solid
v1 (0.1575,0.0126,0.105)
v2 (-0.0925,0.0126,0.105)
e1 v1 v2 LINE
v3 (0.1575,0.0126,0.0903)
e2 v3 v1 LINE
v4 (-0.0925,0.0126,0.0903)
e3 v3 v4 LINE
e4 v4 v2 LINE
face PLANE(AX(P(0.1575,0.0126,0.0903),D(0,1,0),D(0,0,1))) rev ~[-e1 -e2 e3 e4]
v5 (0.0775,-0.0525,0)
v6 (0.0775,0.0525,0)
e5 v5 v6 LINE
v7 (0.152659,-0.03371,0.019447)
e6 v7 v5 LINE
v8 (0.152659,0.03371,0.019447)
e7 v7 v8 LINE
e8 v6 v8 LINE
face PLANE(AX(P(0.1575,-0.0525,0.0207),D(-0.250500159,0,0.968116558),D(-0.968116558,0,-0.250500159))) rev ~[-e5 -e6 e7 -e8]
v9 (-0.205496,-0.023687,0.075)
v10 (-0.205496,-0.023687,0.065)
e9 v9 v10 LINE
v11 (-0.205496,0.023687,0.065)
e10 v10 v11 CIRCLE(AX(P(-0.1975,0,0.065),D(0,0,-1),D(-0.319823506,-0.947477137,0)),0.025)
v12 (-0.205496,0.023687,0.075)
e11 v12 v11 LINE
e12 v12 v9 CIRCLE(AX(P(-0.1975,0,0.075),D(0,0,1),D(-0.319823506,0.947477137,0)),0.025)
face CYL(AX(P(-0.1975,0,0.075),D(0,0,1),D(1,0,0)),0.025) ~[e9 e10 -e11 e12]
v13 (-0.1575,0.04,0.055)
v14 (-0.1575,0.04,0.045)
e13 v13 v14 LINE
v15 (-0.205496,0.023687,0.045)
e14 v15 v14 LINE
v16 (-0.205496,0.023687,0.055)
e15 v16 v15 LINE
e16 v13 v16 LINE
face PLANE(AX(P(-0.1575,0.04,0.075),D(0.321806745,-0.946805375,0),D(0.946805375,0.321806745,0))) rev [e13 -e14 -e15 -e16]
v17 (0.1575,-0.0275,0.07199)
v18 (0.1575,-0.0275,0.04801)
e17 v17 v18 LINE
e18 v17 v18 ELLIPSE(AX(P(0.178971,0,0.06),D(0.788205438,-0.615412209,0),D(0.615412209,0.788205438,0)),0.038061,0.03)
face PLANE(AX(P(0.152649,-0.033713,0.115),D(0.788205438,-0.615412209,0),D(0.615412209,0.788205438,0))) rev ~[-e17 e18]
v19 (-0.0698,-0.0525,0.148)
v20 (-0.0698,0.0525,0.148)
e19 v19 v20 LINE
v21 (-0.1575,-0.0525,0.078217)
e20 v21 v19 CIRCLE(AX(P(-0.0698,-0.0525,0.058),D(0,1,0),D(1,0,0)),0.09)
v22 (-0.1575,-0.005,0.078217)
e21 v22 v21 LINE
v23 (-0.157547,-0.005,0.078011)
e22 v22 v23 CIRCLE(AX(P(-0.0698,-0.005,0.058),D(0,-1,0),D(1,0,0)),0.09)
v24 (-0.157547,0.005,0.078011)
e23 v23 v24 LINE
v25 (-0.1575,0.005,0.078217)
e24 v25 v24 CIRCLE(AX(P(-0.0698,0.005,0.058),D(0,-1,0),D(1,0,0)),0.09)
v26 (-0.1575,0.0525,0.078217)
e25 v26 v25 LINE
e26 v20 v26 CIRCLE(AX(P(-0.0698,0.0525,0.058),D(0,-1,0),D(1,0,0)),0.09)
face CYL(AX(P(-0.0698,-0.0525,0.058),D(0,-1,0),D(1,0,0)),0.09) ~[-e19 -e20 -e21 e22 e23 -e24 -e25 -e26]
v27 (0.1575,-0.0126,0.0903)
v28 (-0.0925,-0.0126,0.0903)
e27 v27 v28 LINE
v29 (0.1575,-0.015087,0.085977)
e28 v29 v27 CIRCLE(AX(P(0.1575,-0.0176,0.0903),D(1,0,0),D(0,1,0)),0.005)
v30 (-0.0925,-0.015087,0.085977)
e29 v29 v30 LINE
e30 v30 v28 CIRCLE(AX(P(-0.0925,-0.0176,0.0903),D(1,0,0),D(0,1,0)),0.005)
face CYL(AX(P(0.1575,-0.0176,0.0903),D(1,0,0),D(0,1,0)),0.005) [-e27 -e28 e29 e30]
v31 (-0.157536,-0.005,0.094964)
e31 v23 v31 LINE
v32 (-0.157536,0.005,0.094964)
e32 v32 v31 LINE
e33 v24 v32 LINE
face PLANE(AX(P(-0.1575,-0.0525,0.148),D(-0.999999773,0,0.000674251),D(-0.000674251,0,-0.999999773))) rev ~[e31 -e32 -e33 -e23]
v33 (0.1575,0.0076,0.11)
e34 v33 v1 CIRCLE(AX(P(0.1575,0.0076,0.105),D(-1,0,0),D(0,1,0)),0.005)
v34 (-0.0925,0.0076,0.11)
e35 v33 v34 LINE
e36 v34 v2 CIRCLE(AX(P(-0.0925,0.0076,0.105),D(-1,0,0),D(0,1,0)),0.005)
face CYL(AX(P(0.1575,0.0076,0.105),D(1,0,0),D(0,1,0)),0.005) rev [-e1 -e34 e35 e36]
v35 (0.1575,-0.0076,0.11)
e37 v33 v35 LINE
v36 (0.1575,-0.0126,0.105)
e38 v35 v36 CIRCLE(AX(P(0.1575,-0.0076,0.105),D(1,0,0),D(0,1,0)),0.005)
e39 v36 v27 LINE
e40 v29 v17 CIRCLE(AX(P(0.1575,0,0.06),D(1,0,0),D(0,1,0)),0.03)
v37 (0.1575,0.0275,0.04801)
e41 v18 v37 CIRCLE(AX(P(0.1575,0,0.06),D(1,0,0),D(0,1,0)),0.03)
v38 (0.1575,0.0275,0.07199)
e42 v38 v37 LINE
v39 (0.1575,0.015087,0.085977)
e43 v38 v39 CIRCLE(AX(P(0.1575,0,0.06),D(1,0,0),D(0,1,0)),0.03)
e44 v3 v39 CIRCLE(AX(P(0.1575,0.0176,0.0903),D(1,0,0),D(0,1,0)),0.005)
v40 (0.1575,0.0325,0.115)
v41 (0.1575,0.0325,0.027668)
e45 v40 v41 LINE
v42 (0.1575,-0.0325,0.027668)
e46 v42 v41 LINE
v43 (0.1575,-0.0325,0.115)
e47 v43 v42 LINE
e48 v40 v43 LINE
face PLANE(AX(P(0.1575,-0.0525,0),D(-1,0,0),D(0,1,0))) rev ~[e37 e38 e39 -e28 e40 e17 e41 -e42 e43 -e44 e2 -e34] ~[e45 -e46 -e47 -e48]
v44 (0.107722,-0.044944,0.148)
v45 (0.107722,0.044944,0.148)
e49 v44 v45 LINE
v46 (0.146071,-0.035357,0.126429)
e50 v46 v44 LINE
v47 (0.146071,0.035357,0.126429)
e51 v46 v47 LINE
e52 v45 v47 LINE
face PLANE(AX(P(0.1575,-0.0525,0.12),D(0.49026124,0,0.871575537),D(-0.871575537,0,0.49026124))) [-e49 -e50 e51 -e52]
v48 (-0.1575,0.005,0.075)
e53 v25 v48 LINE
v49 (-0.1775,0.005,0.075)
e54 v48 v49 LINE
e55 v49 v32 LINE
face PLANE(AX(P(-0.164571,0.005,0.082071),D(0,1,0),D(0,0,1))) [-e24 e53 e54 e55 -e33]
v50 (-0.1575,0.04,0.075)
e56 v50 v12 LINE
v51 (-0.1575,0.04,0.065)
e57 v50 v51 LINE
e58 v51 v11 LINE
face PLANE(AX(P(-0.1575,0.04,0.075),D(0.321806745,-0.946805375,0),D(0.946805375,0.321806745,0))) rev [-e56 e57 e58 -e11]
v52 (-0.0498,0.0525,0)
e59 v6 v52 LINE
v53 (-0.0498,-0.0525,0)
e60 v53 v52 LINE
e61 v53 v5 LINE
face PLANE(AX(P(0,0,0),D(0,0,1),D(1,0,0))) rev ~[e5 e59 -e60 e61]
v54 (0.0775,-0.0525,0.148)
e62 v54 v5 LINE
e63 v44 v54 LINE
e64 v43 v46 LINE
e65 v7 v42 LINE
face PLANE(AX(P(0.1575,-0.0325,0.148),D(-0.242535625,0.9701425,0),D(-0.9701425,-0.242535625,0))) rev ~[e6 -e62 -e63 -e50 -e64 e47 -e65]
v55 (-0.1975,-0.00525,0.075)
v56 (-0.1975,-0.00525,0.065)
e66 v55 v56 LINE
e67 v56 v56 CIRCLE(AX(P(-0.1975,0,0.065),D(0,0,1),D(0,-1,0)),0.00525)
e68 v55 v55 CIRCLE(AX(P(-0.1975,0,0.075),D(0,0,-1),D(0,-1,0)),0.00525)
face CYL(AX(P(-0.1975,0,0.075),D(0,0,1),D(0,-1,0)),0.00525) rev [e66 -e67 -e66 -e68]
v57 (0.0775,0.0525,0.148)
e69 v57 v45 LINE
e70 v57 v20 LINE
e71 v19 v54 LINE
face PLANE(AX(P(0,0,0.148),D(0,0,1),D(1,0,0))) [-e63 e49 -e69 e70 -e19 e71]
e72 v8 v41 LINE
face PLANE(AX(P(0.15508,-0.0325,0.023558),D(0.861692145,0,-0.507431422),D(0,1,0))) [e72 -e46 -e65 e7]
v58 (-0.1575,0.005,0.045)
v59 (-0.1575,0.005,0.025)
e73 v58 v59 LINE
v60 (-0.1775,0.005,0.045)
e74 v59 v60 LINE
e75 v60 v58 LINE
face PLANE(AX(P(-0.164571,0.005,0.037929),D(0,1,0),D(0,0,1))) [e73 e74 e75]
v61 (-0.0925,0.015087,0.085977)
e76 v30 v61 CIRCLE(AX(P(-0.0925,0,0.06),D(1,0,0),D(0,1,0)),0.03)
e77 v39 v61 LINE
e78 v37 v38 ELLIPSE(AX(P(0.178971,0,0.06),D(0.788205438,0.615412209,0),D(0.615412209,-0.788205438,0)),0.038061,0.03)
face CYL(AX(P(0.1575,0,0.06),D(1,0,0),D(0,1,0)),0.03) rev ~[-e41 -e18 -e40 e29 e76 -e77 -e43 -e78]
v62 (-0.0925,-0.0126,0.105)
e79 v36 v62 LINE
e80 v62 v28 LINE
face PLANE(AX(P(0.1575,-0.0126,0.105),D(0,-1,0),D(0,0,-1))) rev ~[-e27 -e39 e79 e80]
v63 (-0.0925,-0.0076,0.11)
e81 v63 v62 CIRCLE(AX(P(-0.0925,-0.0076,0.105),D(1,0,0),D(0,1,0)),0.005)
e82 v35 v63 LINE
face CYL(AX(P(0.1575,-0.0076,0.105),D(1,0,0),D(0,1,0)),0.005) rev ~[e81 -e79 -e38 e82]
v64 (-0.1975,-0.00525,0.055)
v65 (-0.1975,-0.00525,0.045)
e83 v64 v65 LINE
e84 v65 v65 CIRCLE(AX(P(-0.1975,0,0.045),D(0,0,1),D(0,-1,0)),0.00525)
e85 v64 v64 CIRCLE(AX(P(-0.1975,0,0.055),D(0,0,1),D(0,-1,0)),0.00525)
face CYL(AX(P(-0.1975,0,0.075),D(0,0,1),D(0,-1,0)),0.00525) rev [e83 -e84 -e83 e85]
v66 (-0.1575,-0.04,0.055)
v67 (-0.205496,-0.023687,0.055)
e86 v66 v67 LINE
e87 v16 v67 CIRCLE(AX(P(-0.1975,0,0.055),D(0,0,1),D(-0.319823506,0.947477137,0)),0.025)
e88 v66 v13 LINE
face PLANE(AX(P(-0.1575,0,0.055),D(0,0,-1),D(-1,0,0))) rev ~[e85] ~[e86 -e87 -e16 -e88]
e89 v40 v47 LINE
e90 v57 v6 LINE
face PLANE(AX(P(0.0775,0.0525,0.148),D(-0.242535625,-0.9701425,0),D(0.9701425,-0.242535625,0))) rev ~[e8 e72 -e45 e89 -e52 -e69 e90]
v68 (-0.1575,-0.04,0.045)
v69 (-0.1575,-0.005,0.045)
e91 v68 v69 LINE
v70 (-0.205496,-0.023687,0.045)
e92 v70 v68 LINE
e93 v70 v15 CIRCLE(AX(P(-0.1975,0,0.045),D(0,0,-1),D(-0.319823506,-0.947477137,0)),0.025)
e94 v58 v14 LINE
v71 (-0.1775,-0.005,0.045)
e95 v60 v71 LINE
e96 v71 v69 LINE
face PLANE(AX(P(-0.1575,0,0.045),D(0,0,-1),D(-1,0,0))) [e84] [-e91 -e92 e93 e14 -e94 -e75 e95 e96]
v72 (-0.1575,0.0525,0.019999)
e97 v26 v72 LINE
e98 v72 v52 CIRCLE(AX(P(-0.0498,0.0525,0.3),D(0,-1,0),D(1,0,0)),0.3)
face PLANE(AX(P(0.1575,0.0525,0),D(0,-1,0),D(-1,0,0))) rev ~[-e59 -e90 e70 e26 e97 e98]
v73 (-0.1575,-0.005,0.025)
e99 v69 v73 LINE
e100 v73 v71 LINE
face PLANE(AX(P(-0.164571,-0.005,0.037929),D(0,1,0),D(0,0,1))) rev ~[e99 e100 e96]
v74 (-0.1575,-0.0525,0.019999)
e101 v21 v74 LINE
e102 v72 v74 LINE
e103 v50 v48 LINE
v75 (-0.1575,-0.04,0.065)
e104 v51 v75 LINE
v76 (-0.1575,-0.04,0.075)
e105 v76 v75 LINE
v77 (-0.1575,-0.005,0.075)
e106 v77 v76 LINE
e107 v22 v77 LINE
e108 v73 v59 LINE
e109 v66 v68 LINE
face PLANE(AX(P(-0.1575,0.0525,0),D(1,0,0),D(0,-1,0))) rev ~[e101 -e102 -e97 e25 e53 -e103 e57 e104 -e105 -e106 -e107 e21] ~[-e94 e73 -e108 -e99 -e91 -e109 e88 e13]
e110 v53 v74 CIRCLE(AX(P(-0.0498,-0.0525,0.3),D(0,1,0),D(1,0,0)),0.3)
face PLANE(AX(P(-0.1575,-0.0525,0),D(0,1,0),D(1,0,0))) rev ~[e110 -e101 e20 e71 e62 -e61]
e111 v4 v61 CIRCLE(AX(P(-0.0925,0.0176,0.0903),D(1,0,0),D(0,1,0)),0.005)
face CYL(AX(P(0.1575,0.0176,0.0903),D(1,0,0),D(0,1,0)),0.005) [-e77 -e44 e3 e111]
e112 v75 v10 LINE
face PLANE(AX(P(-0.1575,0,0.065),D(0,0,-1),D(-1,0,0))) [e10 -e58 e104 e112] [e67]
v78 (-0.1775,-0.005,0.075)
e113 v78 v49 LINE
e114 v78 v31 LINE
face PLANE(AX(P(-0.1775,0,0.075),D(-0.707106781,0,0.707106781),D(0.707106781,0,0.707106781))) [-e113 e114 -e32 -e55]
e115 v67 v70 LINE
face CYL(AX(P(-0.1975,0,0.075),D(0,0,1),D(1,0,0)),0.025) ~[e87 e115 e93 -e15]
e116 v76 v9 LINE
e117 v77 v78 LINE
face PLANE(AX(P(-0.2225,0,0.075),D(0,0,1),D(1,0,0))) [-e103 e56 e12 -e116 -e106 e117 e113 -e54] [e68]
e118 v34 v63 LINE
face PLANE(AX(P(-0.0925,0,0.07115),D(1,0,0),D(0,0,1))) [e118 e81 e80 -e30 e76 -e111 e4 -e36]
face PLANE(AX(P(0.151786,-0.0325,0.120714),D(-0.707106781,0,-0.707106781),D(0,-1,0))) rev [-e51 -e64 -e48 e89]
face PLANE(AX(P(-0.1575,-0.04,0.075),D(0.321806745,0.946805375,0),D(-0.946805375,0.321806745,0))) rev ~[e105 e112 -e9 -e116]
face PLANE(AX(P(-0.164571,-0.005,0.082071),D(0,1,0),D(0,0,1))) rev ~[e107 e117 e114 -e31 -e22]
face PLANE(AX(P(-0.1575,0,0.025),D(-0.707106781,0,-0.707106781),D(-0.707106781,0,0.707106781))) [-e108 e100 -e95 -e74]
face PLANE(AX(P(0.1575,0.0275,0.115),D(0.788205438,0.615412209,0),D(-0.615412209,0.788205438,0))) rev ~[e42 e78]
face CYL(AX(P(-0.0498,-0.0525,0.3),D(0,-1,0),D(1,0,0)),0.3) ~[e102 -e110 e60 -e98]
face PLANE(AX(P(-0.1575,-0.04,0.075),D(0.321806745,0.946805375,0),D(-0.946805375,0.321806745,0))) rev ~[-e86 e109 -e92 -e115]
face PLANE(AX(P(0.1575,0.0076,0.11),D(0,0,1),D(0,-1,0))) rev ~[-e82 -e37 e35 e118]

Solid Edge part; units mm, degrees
sketch "Sketch1" plane through (0, 0, 0) normal (0, 0, 1) x (1, 0, 0)
  line L0 (-0.1575, -0.0525) -> (0.1575, -0.0525)
  line L1 (0.1575, -0.0525) -> (0.1575, 0.0525)
  line L2 (0.1575, 0.0525) -> (-0.1575, 0.0525)
  line L3 (-0.1575, 0.0525) -> (-0.1575, -0.0525)
  dimension "D1" = 0.105
  dimension "D2" = 0.315
extrude "Protrusion1" add sketch "Sketch1" along normal blind 0.148
sketch "Sketch2" plane through (0.1575, 0, 0.09) normal (1, 0, 0) x (0, 1, 0)
  line L0 (0.0126, 0.0003) -> (0.0126, 0.015)
  arc A0 (0.0076, 0.02) -> (0.0126, 0.015) centre (0.0076, 0.015) cw
  line L1 (0.0076, 0.02) -> (-0.0076, 0.02)
  arc A1 (-0.0076, 0.02) -> (-0.0126, 0.015) centre (-0.0076, 0.015) ccw
  line L2 (-0.0126, 0.015) -> (-0.0126, 0.0003)
  arc A2 (-0.0151, -0.004) -> (-0.0126, 0.0003) centre (-0.0176, 0.0003) ccw
  arc A3 (0.0126, 0.0003) -> (0.0151, -0.004) centre (0.0176, 0.0003) ccw
  arc A4 (-0.0151, -0.004) -> (0.0151, -0.004) centre (0, -0.03) ccw
extrude "Ausschnitt_1" cut sketch "Sketch2" against normal blind 0.25
sketch "Sketch3" plane through (0, 0, 0) normal (0, -1, 0) x (1, 0, 0)
  line L0 (-0.1575, 0.075) -> (-0.1575, 0.045)
  line L1 (-0.1575, 0.045) -> (-0.2225, 0.045)
  line L2 (-0.2225, 0.045) -> (-0.2225, 0.075)
  line L3 (-0.2225, 0.075) -> (-0.1575, 0.075)
  dimension "D1" = 0.06
  dimension "D2" = 0.03
  dimension "D3" = 0.065
extrude "Ausprägung_2" add sketch "Sketch3" along normal mid plane 0.08
sketch "Sketch4" plane through (-0.19, 0, 0.075) normal (0, 0, 1) x (1, 0, 0)
  line L0 (0.0325, -0.04) -> (-0.0325, -0.04)
  line L1 (-0.0325, -0.04) -> (-0.0325, 0)
  line L2 (0.0325, -0.04) -> (-0.0155, -0.0237)
  arc A0 (-0.0325, 0) -> (-0.0155, -0.0237) centre (-0.0075, 0) ccw
extrude "Cutout1" cut sketch "Sketch4" against normal through all
mirror "Mirror1" about plane through (0, 0, 0) normal (0, -1, 0) of "Cutout1"
hole "Bohrung_1" at (-0.1975, 0, 0.075) direction (0, 0, -1) diameter 0.0105 end through all
sketch "Sketch5" plane through (0, 0, 0) normal (0, -1, 0) x (1, 0, 0)
  line L0 (-0.1575, 0.065) -> (-0.1575, 0.055)
  line L1 (-0.1575, 0.055) -> (-0.2225, 0.055)
  line L2 (-0.2225, 0.065) -> (-0.2225, 0.055)
  line L3 (-0.1575, 0.065) -> (-0.2225, 0.065)
  dimension "D1" = 0.015
  dimension "D2" = 0.01
extrude "Cutout3" cut sketch "Sketch5" along normal through all and the other way through all
sketch "Sketch6" plane through (0, 0, 0) normal (0, -1, 0) x (1, 0, 0)
  line L0 (-0.1575, 0.075) -> (-0.1775, 0.075)
  line L1 (-0.1775, 0.075) -> (-0.1575, 0.095)
  line L2 (-0.1575, 0.095) -> (-0.1575, 0.075)
  line L3 (-0.1575, 0.045) -> (-0.1575, 0.025)
  line L4 (-0.1575, 0.025) -> (-0.1775, 0.045)
  line L5 (-0.1775, 0.045) -> (-0.1575, 0.045)
  dimension "D1" = 0.02
extrude "Ausprägung_3" add sketch "Sketch6" along normal mid plane 0.01
sketch "Sketch7" plane through (0, -0.0525, 0.09) normal (0, -1, 0) x (1, 0, 0)
  line L0 (-0.1575, -0.07) -> (-0.1575, -0.09)
  line L1 (-0.1575, -0.09) -> (-0.0498, -0.09)
  arc A0 (-0.0498, -0.09) -> (-0.1575, -0.07) centre (-0.0498, 0.21) cw
  line L2 (-0.1575, 0.058) -> (-0.1575, -0.012)
  arc A1 (-0.1575, -0.012) -> (-0.0698, 0.058) centre (-0.0698, -0.032) cw
  line L3 (-0.0698, 0.058) -> (-0.1575, 0.058)
  dimension "D1" = 0.1575
  dimension "D2" = 0.1575
extrude "Cutout4" cut sketch "Sketch7" against normal through all
sketch "Sketch8" plane through (0, -0.0525, 0.09) normal (0, -1, 0) x (1, 0, 0)
  line L0 (0.1575, -0.0693) -> (0.0775, -0.09)
  line L1 (0.1575, -0.09) -> (0.0775, -0.09)
  line L2 (0.1575, -0.0693) -> (0.1575, -0.09)
  line L3 (0.1575, 0.09) -> (-0.0239, 0.09)
  arc A0 (-0.0239, 0.09) -> (0.0775, 0.075) centre (0.0775, 0.425) ccw
  line L4 (0.1575, 0.03) -> (0.0775, 0.075)
  line L5 (0.1575, 0.09) -> (0.1575, 0.03)
  dimension "D1" = 0.1575
extrude "Cutout5" cut sketch "Sketch8" against normal through all
fillet "Round1" [suppressed]
sketch "Sketch9" plane through (-0.0011, 0, 0.148) normal (0, 0, 1) x (1, 0, 0)
  line L0 (0.1586, -0.0325) -> (0.0786, -0.0525)
  line L1 (0.1586, -0.0525) -> (0.0786, -0.0525)
  line L2 (0.1586, -0.0325) -> (0.1586, -0.0525)
  line L3 (0.0786, 0.0525) -> (0.1586, 0.0325)
  line L4 (0.1586, 0.0525) -> (0.1586, 0.0325)
  line L5 (0.1586, 0.0525) -> (0.0786, 0.0525)
  dimension "D1" = 0.02
extrude "Cutout6" cut sketch "Sketch9" against normal through all
chamfer "Fase_1" [suppressed]
chamfer "Fase_2" distance 0.005 angle 45 4 edges at (0.1575, 0, 0.12) (0.1575, 0.0325, 0.0704) (0.1575, 0, 0.0207) (0.1575, -0.0325, 0.0704)
